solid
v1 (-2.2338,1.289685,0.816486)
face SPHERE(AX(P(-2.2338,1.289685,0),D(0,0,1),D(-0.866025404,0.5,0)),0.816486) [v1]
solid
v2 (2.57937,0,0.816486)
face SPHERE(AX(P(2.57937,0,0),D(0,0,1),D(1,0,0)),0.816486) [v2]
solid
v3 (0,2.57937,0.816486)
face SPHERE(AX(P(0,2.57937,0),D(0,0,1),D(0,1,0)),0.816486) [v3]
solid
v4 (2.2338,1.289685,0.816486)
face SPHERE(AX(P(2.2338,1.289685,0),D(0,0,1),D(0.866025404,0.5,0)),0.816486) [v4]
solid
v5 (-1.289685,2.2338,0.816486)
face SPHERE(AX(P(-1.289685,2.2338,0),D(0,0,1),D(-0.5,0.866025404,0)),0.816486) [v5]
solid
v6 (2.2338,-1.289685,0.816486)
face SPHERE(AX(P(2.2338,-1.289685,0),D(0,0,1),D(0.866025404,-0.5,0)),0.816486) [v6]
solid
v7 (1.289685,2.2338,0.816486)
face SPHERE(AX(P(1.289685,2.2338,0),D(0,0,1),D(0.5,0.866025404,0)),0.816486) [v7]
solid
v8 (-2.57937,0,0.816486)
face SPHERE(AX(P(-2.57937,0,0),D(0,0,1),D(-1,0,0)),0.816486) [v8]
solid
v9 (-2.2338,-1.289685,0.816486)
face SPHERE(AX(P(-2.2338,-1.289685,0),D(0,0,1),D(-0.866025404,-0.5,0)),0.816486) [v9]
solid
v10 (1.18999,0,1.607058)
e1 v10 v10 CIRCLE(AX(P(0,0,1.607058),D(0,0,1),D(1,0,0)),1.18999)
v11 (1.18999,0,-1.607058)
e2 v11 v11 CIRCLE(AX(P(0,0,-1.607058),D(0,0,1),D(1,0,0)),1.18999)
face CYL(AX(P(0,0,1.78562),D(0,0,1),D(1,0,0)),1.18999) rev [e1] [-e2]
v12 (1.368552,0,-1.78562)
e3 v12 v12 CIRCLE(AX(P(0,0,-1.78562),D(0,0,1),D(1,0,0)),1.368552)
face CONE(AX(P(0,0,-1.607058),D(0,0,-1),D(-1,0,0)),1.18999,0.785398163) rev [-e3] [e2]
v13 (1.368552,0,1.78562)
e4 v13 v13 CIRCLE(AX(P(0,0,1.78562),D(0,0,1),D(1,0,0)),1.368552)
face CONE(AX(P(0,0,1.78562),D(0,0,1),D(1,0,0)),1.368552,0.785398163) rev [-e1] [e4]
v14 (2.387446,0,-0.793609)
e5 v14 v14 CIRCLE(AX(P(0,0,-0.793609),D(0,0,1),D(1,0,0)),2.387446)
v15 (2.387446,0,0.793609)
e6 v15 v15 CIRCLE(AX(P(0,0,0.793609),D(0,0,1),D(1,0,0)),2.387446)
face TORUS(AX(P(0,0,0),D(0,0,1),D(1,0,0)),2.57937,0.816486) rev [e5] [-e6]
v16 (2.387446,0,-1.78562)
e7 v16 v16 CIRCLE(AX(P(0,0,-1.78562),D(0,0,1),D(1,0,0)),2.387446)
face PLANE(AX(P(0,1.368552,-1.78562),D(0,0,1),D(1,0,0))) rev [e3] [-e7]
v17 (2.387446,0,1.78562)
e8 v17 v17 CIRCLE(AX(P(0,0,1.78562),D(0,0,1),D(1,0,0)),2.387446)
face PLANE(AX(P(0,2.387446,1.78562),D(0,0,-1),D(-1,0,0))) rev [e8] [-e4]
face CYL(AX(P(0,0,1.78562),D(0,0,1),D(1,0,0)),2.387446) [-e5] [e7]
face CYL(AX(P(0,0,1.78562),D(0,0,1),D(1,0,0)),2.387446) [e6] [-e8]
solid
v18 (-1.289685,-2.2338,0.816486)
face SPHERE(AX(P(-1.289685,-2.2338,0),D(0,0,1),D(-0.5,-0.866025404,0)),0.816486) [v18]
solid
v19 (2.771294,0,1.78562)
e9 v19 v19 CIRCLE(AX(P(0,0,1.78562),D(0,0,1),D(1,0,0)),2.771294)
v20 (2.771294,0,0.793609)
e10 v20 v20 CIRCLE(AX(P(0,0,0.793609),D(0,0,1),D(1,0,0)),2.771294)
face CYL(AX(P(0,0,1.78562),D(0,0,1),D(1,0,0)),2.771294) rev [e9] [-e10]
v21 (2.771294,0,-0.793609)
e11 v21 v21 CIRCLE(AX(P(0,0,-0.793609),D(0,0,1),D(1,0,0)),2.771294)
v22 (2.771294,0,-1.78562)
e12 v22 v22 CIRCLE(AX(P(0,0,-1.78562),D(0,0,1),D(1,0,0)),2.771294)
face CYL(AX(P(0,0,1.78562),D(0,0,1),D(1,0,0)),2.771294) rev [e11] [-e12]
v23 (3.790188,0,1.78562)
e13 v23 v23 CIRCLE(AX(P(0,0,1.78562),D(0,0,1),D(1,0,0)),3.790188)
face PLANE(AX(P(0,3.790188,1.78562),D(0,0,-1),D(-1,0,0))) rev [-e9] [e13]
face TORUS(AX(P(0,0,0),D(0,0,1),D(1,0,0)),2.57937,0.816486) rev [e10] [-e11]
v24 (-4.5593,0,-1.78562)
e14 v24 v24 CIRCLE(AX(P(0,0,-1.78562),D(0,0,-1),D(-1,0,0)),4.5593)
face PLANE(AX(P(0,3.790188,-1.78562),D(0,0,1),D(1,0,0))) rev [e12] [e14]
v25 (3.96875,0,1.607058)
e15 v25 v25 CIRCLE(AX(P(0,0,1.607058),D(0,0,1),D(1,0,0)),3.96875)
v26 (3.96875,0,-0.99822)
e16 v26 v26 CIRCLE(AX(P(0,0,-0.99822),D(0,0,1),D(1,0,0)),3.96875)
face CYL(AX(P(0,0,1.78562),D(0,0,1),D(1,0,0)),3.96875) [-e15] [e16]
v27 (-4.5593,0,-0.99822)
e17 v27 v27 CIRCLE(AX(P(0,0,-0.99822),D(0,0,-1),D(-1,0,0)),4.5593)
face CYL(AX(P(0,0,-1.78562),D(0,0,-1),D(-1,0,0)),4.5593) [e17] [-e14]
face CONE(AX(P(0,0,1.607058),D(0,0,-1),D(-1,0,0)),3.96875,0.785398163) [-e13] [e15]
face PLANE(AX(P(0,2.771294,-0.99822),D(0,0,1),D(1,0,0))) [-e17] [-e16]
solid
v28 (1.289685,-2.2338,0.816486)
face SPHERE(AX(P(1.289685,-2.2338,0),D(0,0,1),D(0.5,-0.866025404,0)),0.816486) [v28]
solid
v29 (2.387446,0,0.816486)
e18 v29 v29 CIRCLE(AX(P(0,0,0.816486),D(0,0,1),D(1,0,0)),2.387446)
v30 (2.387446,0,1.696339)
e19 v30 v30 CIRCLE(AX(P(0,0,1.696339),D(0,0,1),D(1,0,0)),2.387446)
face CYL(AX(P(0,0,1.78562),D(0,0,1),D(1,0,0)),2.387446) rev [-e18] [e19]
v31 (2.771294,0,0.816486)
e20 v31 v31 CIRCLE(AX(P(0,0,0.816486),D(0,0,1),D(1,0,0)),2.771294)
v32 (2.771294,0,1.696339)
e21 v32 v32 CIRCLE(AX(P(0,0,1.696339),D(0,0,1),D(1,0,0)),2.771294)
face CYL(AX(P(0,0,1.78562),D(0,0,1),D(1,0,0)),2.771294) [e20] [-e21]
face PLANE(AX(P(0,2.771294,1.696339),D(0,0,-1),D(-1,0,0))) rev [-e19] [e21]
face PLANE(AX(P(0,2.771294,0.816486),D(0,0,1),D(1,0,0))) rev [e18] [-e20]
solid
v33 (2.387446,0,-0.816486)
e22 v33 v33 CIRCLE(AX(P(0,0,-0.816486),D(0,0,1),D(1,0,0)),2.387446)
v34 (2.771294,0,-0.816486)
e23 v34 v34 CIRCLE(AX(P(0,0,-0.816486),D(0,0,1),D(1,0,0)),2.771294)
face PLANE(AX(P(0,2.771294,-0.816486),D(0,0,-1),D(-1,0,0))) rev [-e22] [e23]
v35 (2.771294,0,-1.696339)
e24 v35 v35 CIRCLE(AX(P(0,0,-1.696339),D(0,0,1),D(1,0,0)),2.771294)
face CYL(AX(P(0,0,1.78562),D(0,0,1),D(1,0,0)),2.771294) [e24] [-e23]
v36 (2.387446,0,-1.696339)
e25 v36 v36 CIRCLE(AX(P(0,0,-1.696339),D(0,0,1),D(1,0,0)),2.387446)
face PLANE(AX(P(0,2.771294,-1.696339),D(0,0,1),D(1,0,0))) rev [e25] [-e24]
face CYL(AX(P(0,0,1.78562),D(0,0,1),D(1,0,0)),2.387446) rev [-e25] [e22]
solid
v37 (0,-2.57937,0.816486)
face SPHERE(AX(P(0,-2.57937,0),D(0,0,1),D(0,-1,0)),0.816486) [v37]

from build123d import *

# Parameters (mm, degrees)
CIRPATTERN1_COUNT = 12
SKETCH5_W         = 0.879852806
SKETCH5_H         = 0.383847032
SKETCH6_W         = 0.7874
SKETCH6_H         = 1.788006484


with BuildPart() as part:
    # Sketch1 → Revolve1 (revolve)
    with BuildSketch(Plane(origin=(0, 0, 0), x_dir=(0, 0, -1), z_dir=(1, 0, 0)), mode=Mode.PRIVATE) as revolve1_sk:
        with BuildLine():
            Line((1.607058, 3.96875), (-1.607058, 3.96875))
            Line((-1.607058, 3.96875), (-1.78562, 3.790188))
            Line((-1.78562, 3.790188), (-1.78562, 2.771293516))
            Line((-1.78562, 2.771293516), (-0.793608889, 2.771293516))
            ThreePointArc((-0.793608889, 2.771293516), (0, 3.395856194), (0.793608889, 2.771293516))
            Line((0.793608889, 2.771293516), (1.78562, 2.771293516))
            Line((1.78562, 2.771293516), (1.78562, 3.790188))
            Line((1.78562, 3.790188), (1.607058, 3.96875))
        make_face()
    revolve(revolve1_sk.sketch.rotate(Axis((0, 0, 1.78562), (0, 0, -1)), 90), axis=Axis((0, 0, 1.78562), (0, 0, -1)))

    # Sketch6 → Revolve6 (revolve)
    with BuildSketch(Plane(origin=(0, 0, 0), x_dir=(0, 0, -1), z_dir=(1, 0, 0)), mode=Mode.PRIVATE) as revolve6_sk:
        with Locations((1.39192, 3.665296758)):
            Rectangle(SKETCH6_W, SKETCH6_H)
    revolve(revolve6_sk.sketch.rotate(Axis((0, 0, -1.78562), (0, 0, 1)), 270), axis=Axis((0, 0, -1.78562), (0, 0, 1)))


with BuildPart() as body_2:
    # Sketch3 → Revolve3 (revolve)
    with BuildSketch(Plane(origin=(0, 0, 0), x_dir=(0, 0, -1), z_dir=(1, 0, 0)), mode=Mode.PRIVATE) as revolve3_sk:
        with BuildLine():
            Line((-1.78562, 2.387446484), (-0.793608889, 2.387446484))
            ThreePointArc((-0.793608889, 2.387446484), (0, 1.762883806), (0.793608889, 2.387446484))
            Line((0.793608889, 2.387446484), (1.78562, 2.387446484))
            Line((1.78562, 2.387446484), (1.78562, 1.368552))
            Line((1.78562, 1.368552), (1.607058, 1.18999))
            Line((1.607058, 1.18999), (-1.607058, 1.18999))
            Line((-1.607058, 1.18999), (-1.78562, 1.368552))
            Line((-1.78562, 1.368552), (-1.78562, 2.387446484))
        make_face()
    revolve(revolve3_sk.sketch.rotate(Axis((0, 0, 1.78562), (0, 0, -1)), 90), axis=Axis((0, 0, 1.78562), (0, 0, -1)))


with BuildPart() as body_3:
    # Sketch4 → Revolve4 (revolve)
    with BuildSketch(Plane(origin=(0, 0, 0), x_dir=(0, 0, -1), z_dir=(1, 0, 0))):
        with BuildLine():
            Line((-0.816486194, 2.57937), (0.816486194, 2.57937))
            ThreePointArc((0.816486194, 2.57937), (0, 3.395856194), (-0.816486194, 2.57937))
        make_face()
    revolve(axis=Axis((0, 2.57937, 0.816486194), (0, 0, -1)))


with BuildPart() as cirpattern1_1:
    # CirPattern1: pattern copy
    add(body_3.part.rotate(Axis((0, 0, 0), (0, 0, 1)), 1 * 360 / CIRPATTERN1_COUNT))


with BuildPart() as cirpattern1_2:
    # CirPattern1: pattern copy
    add(body_3.part.rotate(Axis((0, 0, 0), (0, 0, 1)), 2 * 360 / CIRPATTERN1_COUNT))


with BuildPart() as cirpattern1_3:
    # CirPattern1: pattern copy
    add(body_3.part.rotate(Axis((0, 0, 0), (0, 0, 1)), 3 * 360 / CIRPATTERN1_COUNT))


with BuildPart() as cirpattern1_4:
    # CirPattern1: pattern copy
    add(body_3.part.rotate(Axis((0, 0, 0), (0, 0, 1)), 4 * 360 / CIRPATTERN1_COUNT))


with BuildPart() as cirpattern1_5:
    # CirPattern1: pattern copy
    add(body_3.part.rotate(Axis((0, 0, 0), (0, 0, 1)), 5 * 360 / CIRPATTERN1_COUNT))


with BuildPart() as cirpattern1_6:
    # CirPattern1: pattern copy
    add(body_3.part.rotate(Axis((0, 0, 0), (0, 0, 1)), 6 * 360 / CIRPATTERN1_COUNT))


with BuildPart() as cirpattern1_7:
    # CirPattern1: pattern copy
    add(body_3.part.rotate(Axis((0, 0, 0), (0, 0, 1)), 7 * 360 / CIRPATTERN1_COUNT))


with BuildPart() as cirpattern1_8:
    # CirPattern1: pattern copy
    add(body_3.part.rotate(Axis((0, 0, 0), (0, 0, 1)), 8 * 360 / CIRPATTERN1_COUNT))


with BuildPart() as cirpattern1_9:
    # CirPattern1: pattern copy
    add(body_3.part.rotate(Axis((0, 0, 0), (0, 0, 1)), 9 * 360 / CIRPATTERN1_COUNT))


with BuildPart() as cirpattern1_10:
    # CirPattern1: pattern copy
    add(body_3.part.rotate(Axis((0, 0, 0), (0, 0, 1)), 10 * 360 / CIRPATTERN1_COUNT))


with BuildPart() as cirpattern1_11:
    # CirPattern1: pattern copy
    add(body_3.part.rotate(Axis((0, 0, 0), (0, 0, 1)), 11 * 360 / CIRPATTERN1_COUNT))


with BuildPart() as body_15:
    # Sketch5 → Revolve5 (revolve)
    with BuildSketch(Plane(origin=(0, 0, 0), x_dir=(0, 0, -1), z_dir=(1, 0, 0)), mode=Mode.PRIVATE) as revolve5_sk:
        with Locations((-1.256412597, 2.57937)):
            Rectangle(SKETCH5_W, SKETCH5_H)
        with Locations((1.256412597, 2.57937)):
            Rectangle(SKETCH5_W, SKETCH5_H)
    revolve(revolve5_sk.sketch.rotate(Axis((0, 0, 1.78562), (0, 0, -1)), 90), axis=Axis((0, 0, 1.78562), (0, 0, -1)))


solid = Compound([part.part, body_2.part, body_3.part, cirpattern1_1.part, cirpattern1_2.part, cirpattern1_3.part, cirpattern1_4.part, cirpattern1_5.part, cirpattern1_6.part, cirpattern1_7.part, cirpattern1_8.part, cirpattern1_9.part, cirpattern1_10.part, cirpattern1_11.part, body_15.part])
